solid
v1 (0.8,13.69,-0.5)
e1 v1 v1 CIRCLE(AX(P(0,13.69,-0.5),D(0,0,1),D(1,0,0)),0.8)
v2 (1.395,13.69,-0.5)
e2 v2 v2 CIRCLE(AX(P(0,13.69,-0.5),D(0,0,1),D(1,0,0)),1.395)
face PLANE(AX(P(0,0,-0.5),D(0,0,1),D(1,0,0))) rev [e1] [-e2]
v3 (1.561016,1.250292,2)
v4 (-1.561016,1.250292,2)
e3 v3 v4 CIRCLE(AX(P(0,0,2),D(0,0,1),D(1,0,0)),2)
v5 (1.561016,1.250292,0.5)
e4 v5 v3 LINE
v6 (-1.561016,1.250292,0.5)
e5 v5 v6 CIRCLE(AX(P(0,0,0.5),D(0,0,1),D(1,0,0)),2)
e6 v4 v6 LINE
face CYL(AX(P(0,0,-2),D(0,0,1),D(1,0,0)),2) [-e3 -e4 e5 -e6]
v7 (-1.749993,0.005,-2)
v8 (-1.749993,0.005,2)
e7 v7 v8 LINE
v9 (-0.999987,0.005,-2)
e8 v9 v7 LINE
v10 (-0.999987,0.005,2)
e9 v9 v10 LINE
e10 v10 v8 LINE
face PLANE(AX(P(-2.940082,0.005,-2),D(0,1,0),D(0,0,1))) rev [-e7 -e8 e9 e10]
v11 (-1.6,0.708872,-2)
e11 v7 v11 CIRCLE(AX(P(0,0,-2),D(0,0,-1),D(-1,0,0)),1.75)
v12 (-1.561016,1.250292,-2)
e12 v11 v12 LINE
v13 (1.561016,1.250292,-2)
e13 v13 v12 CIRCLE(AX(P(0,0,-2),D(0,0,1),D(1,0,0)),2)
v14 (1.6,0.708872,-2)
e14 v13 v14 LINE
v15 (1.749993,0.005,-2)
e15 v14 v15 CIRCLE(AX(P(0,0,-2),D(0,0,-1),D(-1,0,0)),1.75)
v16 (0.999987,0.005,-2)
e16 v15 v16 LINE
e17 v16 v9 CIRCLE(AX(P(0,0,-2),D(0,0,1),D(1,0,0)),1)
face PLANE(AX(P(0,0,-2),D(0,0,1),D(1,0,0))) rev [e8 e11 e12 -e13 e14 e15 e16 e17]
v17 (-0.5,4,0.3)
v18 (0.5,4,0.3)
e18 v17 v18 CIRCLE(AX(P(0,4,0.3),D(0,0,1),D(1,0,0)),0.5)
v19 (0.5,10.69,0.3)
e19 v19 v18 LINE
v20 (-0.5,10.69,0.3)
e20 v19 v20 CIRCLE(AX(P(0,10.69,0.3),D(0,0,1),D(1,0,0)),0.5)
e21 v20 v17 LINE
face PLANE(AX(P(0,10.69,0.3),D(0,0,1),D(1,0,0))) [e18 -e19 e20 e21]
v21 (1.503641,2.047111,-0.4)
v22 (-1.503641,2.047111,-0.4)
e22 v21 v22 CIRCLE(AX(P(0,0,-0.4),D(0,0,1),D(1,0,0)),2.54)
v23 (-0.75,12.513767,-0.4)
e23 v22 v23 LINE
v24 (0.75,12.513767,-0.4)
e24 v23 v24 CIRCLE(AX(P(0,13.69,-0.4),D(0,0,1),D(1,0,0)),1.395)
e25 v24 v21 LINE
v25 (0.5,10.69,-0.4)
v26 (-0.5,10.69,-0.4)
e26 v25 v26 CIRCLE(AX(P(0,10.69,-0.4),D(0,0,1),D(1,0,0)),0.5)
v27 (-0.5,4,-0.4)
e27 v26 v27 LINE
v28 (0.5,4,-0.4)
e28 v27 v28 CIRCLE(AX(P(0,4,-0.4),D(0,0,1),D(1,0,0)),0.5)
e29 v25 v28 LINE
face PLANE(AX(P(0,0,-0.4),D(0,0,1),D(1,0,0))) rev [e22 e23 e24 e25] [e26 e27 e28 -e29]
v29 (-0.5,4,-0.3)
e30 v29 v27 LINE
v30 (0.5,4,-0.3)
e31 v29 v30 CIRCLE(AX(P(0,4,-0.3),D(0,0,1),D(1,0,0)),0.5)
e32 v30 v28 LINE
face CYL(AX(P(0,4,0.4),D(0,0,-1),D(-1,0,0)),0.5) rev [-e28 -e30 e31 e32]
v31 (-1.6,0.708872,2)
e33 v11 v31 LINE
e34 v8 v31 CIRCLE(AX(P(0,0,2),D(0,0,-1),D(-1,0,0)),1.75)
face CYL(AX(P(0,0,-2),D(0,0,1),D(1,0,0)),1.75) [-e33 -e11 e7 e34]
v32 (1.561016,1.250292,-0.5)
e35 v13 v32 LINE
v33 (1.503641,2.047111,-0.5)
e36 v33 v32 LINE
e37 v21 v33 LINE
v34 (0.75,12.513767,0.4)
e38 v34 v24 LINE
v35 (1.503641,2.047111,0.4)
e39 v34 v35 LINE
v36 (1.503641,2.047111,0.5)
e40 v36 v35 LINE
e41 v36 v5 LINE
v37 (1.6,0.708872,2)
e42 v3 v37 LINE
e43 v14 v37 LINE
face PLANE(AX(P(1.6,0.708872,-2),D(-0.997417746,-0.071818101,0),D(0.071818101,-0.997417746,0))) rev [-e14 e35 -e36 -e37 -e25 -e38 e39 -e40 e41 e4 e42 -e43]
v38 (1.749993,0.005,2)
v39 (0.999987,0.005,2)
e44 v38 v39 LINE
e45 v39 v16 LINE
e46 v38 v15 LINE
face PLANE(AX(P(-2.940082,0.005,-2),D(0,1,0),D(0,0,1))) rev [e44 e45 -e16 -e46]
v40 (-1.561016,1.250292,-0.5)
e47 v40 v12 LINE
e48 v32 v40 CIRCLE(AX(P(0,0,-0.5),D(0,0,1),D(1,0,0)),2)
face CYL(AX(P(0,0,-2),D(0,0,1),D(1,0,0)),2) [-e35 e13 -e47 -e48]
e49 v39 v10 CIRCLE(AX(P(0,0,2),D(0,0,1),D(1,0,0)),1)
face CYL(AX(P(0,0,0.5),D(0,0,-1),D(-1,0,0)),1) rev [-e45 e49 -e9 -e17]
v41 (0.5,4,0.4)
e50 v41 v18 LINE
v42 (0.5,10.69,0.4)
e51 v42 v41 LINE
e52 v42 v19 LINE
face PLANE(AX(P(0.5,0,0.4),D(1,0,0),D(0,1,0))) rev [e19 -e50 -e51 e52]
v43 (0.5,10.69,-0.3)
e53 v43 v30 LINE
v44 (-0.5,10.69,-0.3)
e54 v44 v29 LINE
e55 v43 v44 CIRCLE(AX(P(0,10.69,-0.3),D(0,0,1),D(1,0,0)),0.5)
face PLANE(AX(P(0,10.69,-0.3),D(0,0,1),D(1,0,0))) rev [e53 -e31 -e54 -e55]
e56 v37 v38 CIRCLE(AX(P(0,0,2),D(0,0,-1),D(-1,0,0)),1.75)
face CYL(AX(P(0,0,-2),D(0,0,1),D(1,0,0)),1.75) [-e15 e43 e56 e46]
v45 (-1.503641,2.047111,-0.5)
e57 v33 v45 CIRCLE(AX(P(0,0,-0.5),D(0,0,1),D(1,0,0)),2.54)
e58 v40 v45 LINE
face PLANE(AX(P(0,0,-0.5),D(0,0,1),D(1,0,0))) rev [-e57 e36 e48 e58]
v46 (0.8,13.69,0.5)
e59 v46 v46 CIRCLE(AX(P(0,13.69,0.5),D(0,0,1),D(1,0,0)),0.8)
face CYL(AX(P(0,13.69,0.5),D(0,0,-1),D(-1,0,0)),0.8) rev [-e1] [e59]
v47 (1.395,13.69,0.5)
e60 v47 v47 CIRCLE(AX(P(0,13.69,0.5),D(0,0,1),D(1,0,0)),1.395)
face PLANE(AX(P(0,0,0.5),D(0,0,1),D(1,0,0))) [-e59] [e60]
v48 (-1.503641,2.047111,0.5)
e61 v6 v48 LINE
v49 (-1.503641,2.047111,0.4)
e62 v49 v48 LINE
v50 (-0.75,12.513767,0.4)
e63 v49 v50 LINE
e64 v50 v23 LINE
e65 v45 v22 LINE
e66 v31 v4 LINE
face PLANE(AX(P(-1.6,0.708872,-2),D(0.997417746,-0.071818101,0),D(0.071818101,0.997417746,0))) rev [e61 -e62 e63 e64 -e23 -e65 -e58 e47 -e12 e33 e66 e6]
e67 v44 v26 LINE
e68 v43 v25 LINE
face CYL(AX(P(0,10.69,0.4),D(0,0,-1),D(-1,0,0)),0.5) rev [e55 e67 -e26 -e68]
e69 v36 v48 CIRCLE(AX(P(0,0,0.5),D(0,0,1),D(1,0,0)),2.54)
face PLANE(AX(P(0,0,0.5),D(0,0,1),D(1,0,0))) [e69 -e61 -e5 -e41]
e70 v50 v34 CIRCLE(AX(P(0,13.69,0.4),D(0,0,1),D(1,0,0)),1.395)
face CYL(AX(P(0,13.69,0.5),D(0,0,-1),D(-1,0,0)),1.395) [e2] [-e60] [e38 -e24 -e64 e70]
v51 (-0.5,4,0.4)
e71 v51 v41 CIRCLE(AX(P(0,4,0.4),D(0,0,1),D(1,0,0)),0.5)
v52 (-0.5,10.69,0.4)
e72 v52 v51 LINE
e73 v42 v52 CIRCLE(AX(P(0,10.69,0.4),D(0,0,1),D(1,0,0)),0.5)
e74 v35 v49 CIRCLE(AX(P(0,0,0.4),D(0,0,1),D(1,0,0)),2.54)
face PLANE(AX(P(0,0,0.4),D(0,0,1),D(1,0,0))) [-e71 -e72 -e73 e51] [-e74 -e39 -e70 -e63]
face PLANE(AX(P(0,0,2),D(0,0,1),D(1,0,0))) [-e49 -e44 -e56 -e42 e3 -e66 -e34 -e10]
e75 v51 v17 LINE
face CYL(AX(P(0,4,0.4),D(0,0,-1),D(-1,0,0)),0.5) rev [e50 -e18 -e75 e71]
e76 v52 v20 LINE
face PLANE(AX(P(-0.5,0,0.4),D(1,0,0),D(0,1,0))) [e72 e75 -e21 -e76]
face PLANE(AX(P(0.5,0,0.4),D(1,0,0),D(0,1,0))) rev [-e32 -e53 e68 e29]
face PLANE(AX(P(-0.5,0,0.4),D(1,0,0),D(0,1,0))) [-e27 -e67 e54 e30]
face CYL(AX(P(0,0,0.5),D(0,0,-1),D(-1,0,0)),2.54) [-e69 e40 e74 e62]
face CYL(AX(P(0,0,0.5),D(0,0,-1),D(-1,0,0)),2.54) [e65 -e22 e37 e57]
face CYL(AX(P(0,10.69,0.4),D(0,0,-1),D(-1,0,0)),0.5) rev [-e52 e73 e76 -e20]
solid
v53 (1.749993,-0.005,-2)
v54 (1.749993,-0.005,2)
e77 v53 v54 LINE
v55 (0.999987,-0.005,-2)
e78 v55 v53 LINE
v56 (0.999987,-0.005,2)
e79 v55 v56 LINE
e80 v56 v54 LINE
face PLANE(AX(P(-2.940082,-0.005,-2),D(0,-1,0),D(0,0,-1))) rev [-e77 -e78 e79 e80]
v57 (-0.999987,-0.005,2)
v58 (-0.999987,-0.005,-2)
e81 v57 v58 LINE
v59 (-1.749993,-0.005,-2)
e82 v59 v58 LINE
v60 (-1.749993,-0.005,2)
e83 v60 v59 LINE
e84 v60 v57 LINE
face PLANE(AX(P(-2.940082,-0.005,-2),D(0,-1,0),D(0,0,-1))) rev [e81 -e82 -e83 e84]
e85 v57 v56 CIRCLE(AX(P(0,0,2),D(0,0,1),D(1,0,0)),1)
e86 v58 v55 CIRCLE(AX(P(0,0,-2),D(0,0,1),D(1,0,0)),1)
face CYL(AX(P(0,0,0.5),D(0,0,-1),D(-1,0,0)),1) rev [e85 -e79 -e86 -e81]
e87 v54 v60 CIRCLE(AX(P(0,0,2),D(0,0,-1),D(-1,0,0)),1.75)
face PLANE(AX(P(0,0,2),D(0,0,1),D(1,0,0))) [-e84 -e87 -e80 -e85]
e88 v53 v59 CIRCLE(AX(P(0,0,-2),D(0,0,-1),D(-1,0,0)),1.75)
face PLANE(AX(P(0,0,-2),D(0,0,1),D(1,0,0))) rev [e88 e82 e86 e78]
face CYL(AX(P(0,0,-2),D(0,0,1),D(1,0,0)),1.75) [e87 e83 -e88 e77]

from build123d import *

# Parameters (mm, degrees)
SKETCH1_R                = 1.395
SKETCH1_R_2              = 0.8
BOSS_EXTRUDE1_DEPTH      = 0.5
SKETCH1_R_3              = 2.54
SKETCH1_R_4              = 1
BOSS_EXTRUDE1_2_DEPTH    = 0.5
BOSS_EXTRUDE2_DEPTH      = 0.4
BOSS_EXTRUDE3_DEPTH      = 0.3
BOSS_EXTRUDE4_DEPTH      = 1.5
BOSS_EXTRUDE4_DEPTH_BACK = 2.5
SKETCH2_R                = 2
SKETCH2_R_2              = 1
CUT_EXTRUDE1_DEPTH       = 16.427534638
CUT_EXTRUDE1_DEPTH_BACK  = 16.427534638
CUT_EXTRUDE2_DEPTH       = 16.317301492
CUT_EXTRUDE2_DEPTH_BACK  = 16.317301492
SKETCH4_W                = 5.880163942
SKETCH4_H                = 0.01


with BuildPart() as part:
    # Sketch1 → Boss-Extrude1 (new, symmetric)
    with BuildSketch(Plane.XY):
        with Locations((0, 13.69)):
            Circle(SKETCH1_R)
        with Locations((0, 13.69)):
            Circle(SKETCH1_R_2, mode=Mode.SUBTRACT)
    extrude(amount=BOSS_EXTRUDE1_DEPTH, both=True)



with BuildPart() as body_2:
    # Sketch1 → Boss-Extrude1 2 (new, symmetric)
    with BuildSketch(Plane.XY):
        Circle(SKETCH1_R_3)
        Circle(SKETCH1_R_4, mode=Mode.SUBTRACT)
    extrude(amount=BOSS_EXTRUDE1_2_DEPTH, both=True)


with BuildPart() as part_1:
    add(part.part)

    add(body_2.part)  # Boss-Extrude2 merges body 2
    # Sketch1<3> → Boss-Extrude2 (add, symmetric)
    with BuildSketch(Plane.XY):
        with BuildLine():
            ThreePointArc((0.75, 12.513766605), (0, 12.295), (-0.75, 12.513766605))
            Line((-0.75, 12.513766605), (-1.65, 1.931087776))
            ThreePointArc((-1.65, 1.931087776), (0, 2.54), (1.65, 1.931087776))
            Line((1.65, 1.931087776), (0.75, 12.513766605))
        make_face()
        with BuildLine():
            ThreePointArc((-0.5, 10.69), (0, 11.19), (0.5, 10.69))
            Line((0.5, 10.69), (0.5, 4))
            ThreePointArc((0.5, 4), (0, 3.5), (-0.5, 4))
            Line((-0.5, 4), (-0.5, 10.69))
        make_face(mode=Mode.SUBTRACT)
    extrude(amount=BOSS_EXTRUDE2_DEPTH, both=True)

    # Sketch1<4> → Boss-Extrude3 (add, symmetric)
    with BuildSketch(Plane.XY):
        with BuildLine():
            Line((0.5, 10.69), (0.5, 4))
            ThreePointArc((0.5, 4), (0, 3.5), (-0.5, 4))
            Line((-0.5, 4), (-0.5, 10.69))
            ThreePointArc((-0.5, 10.69), (0, 11.19), (0.5, 10.69))
        make_face()
    extrude(amount=BOSS_EXTRUDE3_DEPTH, both=True)

    # Sketch2 → Boss-Extrude4 (add, two sides: drawn at the far end of the back side and taken through both)
    with BuildSketch(Plane.XY.offset(0.5).offset(-BOSS_EXTRUDE4_DEPTH_BACK)):
        Circle(SKETCH2_R)
        Circle(SKETCH2_R_2, mode=Mode.SUBTRACT)
    extrude(amount=BOSS_EXTRUDE4_DEPTH + BOSS_EXTRUDE4_DEPTH_BACK)

    # Sketch3 → Cut-Extrude1 (cut, two sides: drawn at the far end of the back side and taken through both)
    with BuildSketch(Plane.XY.offset(-CUT_EXTRUDE1_DEPTH_BACK)):
        with BuildLine():
            Line((-0.75, 12.513766605), (-3.040617263, 1.733391663))
            ThreePointArc((-3.040617263, 1.733391663), (0, -3.5), (3.040617263, 1.733391663))
            Line((3.040617263, 1.733391663), (0.75, 12.513766605))
            Line((0.75, 12.513766605), (1.6, 0.708872344))
            ThreePointArc((1.6, 0.708872344), (0, -1.75), (-1.6, 0.708872344))
            Line((-1.6, 0.708872344), (-0.75, 12.513766605))
        make_face()
    extrude(amount=CUT_EXTRUDE1_DEPTH + CUT_EXTRUDE1_DEPTH_BACK, mode=Mode.SUBTRACT)

    # Sketch4 → Cut-Extrude2 (cut, two sides: drawn at the far end of the back side and taken through both)
    with BuildSketch(Plane.XY.offset(-CUT_EXTRUDE2_DEPTH_BACK)):
        Rectangle(SKETCH4_W, SKETCH4_H)
    extrude(amount=CUT_EXTRUDE2_DEPTH + CUT_EXTRUDE2_DEPTH_BACK, mode=Mode.SUBTRACT)


with BuildPart() as cut_extrude2_piece_1:
    # of the separate pieces the step leaves, piece 1, a body of its own (cut_extrude2_pieces)
    add(part_1.part.solids().sort_by_distance((1.503641437, 2.047110751, -0.5))[0])


with BuildPart() as cut_extrude2_piece_2:
    # of the separate pieces the step leaves, piece 2, a body of its own (cut_extrude2_pieces)
    add(part_1.part.solids().sort_by_distance((1.749992857, -0.005, -2))[0])


solid = Compound([cut_extrude2_piece_1.part, cut_extrude2_piece_2.part])
